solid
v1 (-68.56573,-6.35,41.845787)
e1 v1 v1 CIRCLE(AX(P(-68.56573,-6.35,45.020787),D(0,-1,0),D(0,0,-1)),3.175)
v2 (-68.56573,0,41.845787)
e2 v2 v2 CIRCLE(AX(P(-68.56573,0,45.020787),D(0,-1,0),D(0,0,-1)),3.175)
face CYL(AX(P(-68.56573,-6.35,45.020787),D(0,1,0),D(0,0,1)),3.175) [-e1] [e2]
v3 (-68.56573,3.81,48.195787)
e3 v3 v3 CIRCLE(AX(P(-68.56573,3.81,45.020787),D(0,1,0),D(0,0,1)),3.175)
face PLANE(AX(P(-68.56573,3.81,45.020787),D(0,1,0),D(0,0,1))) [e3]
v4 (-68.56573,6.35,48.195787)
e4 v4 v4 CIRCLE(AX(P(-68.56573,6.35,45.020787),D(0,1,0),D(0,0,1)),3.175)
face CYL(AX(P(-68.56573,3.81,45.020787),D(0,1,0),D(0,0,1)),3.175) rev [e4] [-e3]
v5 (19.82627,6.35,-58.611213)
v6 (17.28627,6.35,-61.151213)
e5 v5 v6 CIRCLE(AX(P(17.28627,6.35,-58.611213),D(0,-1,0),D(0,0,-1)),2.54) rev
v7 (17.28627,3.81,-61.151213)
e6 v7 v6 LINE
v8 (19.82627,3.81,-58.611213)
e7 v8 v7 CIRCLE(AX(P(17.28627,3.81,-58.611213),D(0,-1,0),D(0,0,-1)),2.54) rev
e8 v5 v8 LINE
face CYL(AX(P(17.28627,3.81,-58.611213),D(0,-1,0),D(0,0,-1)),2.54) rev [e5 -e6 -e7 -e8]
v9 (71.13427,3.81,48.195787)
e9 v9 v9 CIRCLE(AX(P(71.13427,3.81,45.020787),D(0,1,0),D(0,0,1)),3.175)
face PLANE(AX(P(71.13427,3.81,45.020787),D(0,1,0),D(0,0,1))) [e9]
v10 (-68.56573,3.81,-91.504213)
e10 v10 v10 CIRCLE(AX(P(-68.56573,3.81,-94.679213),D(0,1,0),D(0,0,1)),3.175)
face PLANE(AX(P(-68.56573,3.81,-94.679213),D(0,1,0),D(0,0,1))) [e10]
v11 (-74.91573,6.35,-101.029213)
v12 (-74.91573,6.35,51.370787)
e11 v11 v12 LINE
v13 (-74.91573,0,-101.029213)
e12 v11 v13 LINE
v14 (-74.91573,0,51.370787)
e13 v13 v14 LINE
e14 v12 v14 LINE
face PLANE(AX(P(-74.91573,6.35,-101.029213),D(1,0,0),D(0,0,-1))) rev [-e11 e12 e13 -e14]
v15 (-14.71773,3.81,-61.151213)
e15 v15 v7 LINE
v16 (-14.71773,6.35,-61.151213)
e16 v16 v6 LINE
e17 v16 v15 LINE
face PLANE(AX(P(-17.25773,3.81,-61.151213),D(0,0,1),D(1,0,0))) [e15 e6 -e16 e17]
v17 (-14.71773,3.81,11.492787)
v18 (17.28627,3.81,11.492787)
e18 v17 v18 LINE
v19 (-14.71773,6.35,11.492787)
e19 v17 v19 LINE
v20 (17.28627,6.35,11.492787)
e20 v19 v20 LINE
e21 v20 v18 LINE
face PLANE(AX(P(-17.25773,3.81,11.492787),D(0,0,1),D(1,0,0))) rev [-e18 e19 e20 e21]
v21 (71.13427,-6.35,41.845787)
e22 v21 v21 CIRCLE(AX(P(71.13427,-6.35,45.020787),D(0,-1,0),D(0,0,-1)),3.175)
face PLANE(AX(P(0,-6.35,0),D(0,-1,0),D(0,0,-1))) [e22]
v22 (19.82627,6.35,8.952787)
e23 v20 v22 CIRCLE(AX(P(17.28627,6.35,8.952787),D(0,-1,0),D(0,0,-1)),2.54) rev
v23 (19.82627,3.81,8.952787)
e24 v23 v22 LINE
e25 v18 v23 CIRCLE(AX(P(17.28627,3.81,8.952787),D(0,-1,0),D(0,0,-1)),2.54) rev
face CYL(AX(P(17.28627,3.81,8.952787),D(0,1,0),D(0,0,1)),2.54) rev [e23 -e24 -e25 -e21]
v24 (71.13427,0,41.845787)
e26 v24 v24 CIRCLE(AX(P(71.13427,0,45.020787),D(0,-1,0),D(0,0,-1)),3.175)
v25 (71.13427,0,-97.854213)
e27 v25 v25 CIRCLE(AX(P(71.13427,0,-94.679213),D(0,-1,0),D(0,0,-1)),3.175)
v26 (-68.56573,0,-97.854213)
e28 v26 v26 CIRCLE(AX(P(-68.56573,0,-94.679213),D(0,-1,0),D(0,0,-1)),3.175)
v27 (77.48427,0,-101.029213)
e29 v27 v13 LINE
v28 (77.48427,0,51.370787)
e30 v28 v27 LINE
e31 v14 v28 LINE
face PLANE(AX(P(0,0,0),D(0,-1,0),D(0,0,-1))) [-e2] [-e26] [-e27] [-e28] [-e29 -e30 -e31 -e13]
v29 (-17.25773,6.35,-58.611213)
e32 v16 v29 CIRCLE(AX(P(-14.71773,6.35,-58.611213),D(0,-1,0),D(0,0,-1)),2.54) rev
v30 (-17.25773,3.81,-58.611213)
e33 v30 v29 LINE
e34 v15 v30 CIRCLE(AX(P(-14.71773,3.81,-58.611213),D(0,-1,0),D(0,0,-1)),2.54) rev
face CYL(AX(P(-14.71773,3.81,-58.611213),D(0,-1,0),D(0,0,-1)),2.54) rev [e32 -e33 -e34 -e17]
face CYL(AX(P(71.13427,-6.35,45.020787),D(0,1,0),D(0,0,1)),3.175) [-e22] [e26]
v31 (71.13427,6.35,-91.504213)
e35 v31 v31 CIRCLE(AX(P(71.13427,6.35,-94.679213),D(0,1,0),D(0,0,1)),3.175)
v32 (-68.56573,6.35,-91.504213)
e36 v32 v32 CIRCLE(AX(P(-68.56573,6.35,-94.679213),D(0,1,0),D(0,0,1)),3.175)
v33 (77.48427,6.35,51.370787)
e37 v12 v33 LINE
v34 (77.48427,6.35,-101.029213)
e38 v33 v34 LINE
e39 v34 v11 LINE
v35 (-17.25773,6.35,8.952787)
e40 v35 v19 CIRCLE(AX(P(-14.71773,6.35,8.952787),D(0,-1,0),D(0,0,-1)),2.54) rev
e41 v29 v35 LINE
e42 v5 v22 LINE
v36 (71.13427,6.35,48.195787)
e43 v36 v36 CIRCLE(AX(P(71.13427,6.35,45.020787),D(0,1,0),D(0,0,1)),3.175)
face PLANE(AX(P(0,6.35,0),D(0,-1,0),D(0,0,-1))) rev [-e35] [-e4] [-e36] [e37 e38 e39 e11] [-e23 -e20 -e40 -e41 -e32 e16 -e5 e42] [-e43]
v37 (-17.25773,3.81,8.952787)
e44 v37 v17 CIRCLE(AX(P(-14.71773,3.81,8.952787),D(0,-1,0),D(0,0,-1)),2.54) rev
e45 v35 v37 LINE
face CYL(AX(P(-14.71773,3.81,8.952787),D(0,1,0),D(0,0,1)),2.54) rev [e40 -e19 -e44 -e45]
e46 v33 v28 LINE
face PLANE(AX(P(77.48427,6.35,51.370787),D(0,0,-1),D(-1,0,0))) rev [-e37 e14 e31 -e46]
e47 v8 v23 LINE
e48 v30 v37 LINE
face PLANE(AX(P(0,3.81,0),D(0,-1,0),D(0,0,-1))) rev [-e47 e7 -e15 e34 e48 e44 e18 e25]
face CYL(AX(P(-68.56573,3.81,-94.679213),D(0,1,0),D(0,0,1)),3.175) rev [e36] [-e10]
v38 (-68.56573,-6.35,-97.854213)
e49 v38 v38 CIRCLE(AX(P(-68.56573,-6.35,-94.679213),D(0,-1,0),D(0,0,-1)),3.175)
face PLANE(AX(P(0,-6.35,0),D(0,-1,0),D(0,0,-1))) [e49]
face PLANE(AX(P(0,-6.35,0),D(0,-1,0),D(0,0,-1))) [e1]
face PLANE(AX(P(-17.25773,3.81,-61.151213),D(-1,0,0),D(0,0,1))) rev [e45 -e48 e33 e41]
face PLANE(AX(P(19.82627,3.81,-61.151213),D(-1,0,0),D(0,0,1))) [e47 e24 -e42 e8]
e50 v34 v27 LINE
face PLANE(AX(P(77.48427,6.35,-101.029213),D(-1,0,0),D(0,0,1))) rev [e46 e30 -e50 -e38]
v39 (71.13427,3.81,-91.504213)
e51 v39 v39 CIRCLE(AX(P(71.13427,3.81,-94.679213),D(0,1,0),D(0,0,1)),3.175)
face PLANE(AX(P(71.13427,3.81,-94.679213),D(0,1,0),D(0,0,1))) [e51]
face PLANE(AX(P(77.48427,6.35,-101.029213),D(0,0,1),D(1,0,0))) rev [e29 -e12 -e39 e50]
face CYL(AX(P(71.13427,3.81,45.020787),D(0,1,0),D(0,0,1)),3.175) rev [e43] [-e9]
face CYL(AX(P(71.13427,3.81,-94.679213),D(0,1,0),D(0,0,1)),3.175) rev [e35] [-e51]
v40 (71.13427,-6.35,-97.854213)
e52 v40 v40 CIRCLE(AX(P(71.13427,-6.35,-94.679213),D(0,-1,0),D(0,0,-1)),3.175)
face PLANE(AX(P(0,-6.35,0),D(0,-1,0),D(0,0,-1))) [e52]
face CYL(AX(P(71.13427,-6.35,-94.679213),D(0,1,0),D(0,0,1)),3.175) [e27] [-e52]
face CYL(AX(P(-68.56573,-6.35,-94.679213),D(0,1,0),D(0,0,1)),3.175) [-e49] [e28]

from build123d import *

# Parameters (mm, degrees)
SKETCH1_W           = 152.4
SKETCH1_H           = 152.4
BOSS_EXTRUDE1_DEPTH = 6.35
BOSS_EXTRUDE2_DEPTH = 6.35
SKETCH3_R           = 3.175
CUT_EXTRUDE1_DEPTH  = 2.54
SKETCH4_W           = 37.084
SKETCH4_H           = 72.644
CUT_EXTRUDE2_DEPTH  = 2.54
FILLET1_R           = 2.54
FILLET2_R           = 2.54
FILLET3_R           = 2.54
FILLET4_R           = 2.54


with BuildPart() as part:
    # Sketch1 → Boss-Extrude1 (new body)
    with BuildSketch(Plane(origin=(0, 0, 0), x_dir=(1, 0, 0), z_dir=(0, 1, 0))):
        with Locations((1.284269663, 24.829213483)):
            Rectangle(SKETCH1_W, SKETCH1_H)
    extrude(amount=BOSS_EXTRUDE1_DEPTH)

    # Sketch2 → Boss-Extrude2 (add)
    with BuildSketch(Plane(origin=(0, 0, 0), x_dir=(-1, 0, 0), z_dir=(0, -1, 0))):
        with BuildLine():
            ThreePointArc((-71.134269663, 97.854213483), (-74.309269663, 94.679213483), (-71.134269663, 91.504213483))
            Line((-71.134269663, 91.504213483), (-71.134269663, 97.854213483))
        make_face()
        with BuildLine():
            Line((-71.134269663, 97.854213483), (-71.134269663, 91.504213483))
            ThreePointArc((-71.134269663, 91.504213483), (-68.889205633, 92.434149453), (-67.959269663, 94.679213483))
            ThreePointArc((-67.959269663, 94.679213483), (-68.889205633, 96.924277513), (-71.134269663, 97.854213483))
        make_face()
        with BuildLine():
            ThreePointArc((68.565730337, 97.854213483), (65.390730337, 94.679213483), (68.565730337, 91.504213483))
            Line((68.565730337, 91.504213483), (68.565730337, 97.854213483))
        make_face()
        with BuildLine():
            Line((68.565730337, 97.854213483), (68.565730337, 91.504213483))
            ThreePointArc((68.565730337, 91.504213483), (70.810794367, 92.434149453), (71.740730337, 94.679213483))
            ThreePointArc((71.740730337, 94.679213483), (70.810794367, 96.924277513), (68.565730337, 97.854213483))
        make_face()
        with BuildLine():
            ThreePointArc((68.565730337, -41.845786517), (65.390730337, -45.020786517), (68.565730337, -48.195786517))
            Line((68.565730337, -48.195786517), (68.565730337, -41.845786517))
        make_face()
        with BuildLine():
            Line((68.565730337, -41.845786517), (68.565730337, -48.195786517))
            ThreePointArc((68.565730337, -48.195786517), (70.810794367, -47.265850547), (71.740730337, -45.020786517))
            ThreePointArc((71.740730337, -45.020786517), (70.810794367, -42.775722487), (68.565730337, -41.845786517))
        make_face()
        with BuildLine():
            ThreePointArc((-71.134269663, -41.845786517), (-74.309269663, -45.020786517), (-71.134269663, -48.195786517))
            Line((-71.134269663, -48.195786517), (-71.134269663, -41.845786517))
        make_face()
        with BuildLine():
            Line((-71.134269663, -41.845786517), (-71.134269663, -48.195786517))
            ThreePointArc((-71.134269663, -48.195786517), (-68.889205633, -47.265850547), (-67.959269663, -45.020786517))
            ThreePointArc((-67.959269663, -45.020786517), (-68.889205633, -42.775722487), (-71.134269663, -41.845786517))
        make_face()
    extrude(amount=BOSS_EXTRUDE2_DEPTH)

    # Sketch3 → Cut-Extrude1 (cut)
    with BuildSketch(Plane(origin=(0, 6.35, 0), x_dir=(1, 0, 0), z_dir=(0, 1, 0))):
        with Locations(Location((-68.565730337, 94.679213483, 0), (0, 0, 90))):
            Circle(SKETCH3_R)
        with Locations(Location((71.134269663, 94.679213483, 0), (0, 0, 90))):
            Circle(SKETCH3_R)
        with Locations(Location((-68.565730337, -45.020786517, 0), (0, 0, 90))):
            Circle(SKETCH3_R)
        with Locations(Location((71.134269663, -45.020786517, 0), (0, 0, 90))):
            Circle(SKETCH3_R)
    extrude(amount=-CUT_EXTRUDE1_DEPTH, mode=Mode.SUBTRACT)

    # Sketch4 → Cut-Extrude2 (cut)
    with BuildSketch(Plane(origin=(0, 6.35, 0), x_dir=(1, 0, 0), z_dir=(0, 1, 0))):
        with Locations((1.284269663, 24.829213483)):
            Rectangle(SKETCH4_W, SKETCH4_H)
    extrude(amount=-CUT_EXTRUDE2_DEPTH, mode=Mode.SUBTRACT)

    # Fillet1
    fillet1_edges = [part.edges().sort_by_distance(p)[0] for p in [
        (-17.257730337, 5.08, -61.151213483),
    ]]
    fillet(fillet1_edges, radius=FILLET1_R)

    # Fillet2
    fillet2_edges = [part.edges().sort_by_distance(p)[0] for p in [
        (19.826269663, 5.08, -61.151213483),
    ]]
    fillet(fillet2_edges, radius=FILLET2_R)

    # Fillet3
    fillet3_edges = [part.edges().sort_by_distance(p)[0] for p in [
        (-17.257730337, 5.08, 11.492786517),
    ]]
    fillet(fillet3_edges, radius=FILLET3_R)

    # Fillet4
    fillet4_edges = [part.edges().sort_by_distance(p)[0] for p in [
        (19.826269663, 5.08, 11.492786517),
    ]]
    fillet(fillet4_edges, radius=FILLET4_R)


solid = part.part
